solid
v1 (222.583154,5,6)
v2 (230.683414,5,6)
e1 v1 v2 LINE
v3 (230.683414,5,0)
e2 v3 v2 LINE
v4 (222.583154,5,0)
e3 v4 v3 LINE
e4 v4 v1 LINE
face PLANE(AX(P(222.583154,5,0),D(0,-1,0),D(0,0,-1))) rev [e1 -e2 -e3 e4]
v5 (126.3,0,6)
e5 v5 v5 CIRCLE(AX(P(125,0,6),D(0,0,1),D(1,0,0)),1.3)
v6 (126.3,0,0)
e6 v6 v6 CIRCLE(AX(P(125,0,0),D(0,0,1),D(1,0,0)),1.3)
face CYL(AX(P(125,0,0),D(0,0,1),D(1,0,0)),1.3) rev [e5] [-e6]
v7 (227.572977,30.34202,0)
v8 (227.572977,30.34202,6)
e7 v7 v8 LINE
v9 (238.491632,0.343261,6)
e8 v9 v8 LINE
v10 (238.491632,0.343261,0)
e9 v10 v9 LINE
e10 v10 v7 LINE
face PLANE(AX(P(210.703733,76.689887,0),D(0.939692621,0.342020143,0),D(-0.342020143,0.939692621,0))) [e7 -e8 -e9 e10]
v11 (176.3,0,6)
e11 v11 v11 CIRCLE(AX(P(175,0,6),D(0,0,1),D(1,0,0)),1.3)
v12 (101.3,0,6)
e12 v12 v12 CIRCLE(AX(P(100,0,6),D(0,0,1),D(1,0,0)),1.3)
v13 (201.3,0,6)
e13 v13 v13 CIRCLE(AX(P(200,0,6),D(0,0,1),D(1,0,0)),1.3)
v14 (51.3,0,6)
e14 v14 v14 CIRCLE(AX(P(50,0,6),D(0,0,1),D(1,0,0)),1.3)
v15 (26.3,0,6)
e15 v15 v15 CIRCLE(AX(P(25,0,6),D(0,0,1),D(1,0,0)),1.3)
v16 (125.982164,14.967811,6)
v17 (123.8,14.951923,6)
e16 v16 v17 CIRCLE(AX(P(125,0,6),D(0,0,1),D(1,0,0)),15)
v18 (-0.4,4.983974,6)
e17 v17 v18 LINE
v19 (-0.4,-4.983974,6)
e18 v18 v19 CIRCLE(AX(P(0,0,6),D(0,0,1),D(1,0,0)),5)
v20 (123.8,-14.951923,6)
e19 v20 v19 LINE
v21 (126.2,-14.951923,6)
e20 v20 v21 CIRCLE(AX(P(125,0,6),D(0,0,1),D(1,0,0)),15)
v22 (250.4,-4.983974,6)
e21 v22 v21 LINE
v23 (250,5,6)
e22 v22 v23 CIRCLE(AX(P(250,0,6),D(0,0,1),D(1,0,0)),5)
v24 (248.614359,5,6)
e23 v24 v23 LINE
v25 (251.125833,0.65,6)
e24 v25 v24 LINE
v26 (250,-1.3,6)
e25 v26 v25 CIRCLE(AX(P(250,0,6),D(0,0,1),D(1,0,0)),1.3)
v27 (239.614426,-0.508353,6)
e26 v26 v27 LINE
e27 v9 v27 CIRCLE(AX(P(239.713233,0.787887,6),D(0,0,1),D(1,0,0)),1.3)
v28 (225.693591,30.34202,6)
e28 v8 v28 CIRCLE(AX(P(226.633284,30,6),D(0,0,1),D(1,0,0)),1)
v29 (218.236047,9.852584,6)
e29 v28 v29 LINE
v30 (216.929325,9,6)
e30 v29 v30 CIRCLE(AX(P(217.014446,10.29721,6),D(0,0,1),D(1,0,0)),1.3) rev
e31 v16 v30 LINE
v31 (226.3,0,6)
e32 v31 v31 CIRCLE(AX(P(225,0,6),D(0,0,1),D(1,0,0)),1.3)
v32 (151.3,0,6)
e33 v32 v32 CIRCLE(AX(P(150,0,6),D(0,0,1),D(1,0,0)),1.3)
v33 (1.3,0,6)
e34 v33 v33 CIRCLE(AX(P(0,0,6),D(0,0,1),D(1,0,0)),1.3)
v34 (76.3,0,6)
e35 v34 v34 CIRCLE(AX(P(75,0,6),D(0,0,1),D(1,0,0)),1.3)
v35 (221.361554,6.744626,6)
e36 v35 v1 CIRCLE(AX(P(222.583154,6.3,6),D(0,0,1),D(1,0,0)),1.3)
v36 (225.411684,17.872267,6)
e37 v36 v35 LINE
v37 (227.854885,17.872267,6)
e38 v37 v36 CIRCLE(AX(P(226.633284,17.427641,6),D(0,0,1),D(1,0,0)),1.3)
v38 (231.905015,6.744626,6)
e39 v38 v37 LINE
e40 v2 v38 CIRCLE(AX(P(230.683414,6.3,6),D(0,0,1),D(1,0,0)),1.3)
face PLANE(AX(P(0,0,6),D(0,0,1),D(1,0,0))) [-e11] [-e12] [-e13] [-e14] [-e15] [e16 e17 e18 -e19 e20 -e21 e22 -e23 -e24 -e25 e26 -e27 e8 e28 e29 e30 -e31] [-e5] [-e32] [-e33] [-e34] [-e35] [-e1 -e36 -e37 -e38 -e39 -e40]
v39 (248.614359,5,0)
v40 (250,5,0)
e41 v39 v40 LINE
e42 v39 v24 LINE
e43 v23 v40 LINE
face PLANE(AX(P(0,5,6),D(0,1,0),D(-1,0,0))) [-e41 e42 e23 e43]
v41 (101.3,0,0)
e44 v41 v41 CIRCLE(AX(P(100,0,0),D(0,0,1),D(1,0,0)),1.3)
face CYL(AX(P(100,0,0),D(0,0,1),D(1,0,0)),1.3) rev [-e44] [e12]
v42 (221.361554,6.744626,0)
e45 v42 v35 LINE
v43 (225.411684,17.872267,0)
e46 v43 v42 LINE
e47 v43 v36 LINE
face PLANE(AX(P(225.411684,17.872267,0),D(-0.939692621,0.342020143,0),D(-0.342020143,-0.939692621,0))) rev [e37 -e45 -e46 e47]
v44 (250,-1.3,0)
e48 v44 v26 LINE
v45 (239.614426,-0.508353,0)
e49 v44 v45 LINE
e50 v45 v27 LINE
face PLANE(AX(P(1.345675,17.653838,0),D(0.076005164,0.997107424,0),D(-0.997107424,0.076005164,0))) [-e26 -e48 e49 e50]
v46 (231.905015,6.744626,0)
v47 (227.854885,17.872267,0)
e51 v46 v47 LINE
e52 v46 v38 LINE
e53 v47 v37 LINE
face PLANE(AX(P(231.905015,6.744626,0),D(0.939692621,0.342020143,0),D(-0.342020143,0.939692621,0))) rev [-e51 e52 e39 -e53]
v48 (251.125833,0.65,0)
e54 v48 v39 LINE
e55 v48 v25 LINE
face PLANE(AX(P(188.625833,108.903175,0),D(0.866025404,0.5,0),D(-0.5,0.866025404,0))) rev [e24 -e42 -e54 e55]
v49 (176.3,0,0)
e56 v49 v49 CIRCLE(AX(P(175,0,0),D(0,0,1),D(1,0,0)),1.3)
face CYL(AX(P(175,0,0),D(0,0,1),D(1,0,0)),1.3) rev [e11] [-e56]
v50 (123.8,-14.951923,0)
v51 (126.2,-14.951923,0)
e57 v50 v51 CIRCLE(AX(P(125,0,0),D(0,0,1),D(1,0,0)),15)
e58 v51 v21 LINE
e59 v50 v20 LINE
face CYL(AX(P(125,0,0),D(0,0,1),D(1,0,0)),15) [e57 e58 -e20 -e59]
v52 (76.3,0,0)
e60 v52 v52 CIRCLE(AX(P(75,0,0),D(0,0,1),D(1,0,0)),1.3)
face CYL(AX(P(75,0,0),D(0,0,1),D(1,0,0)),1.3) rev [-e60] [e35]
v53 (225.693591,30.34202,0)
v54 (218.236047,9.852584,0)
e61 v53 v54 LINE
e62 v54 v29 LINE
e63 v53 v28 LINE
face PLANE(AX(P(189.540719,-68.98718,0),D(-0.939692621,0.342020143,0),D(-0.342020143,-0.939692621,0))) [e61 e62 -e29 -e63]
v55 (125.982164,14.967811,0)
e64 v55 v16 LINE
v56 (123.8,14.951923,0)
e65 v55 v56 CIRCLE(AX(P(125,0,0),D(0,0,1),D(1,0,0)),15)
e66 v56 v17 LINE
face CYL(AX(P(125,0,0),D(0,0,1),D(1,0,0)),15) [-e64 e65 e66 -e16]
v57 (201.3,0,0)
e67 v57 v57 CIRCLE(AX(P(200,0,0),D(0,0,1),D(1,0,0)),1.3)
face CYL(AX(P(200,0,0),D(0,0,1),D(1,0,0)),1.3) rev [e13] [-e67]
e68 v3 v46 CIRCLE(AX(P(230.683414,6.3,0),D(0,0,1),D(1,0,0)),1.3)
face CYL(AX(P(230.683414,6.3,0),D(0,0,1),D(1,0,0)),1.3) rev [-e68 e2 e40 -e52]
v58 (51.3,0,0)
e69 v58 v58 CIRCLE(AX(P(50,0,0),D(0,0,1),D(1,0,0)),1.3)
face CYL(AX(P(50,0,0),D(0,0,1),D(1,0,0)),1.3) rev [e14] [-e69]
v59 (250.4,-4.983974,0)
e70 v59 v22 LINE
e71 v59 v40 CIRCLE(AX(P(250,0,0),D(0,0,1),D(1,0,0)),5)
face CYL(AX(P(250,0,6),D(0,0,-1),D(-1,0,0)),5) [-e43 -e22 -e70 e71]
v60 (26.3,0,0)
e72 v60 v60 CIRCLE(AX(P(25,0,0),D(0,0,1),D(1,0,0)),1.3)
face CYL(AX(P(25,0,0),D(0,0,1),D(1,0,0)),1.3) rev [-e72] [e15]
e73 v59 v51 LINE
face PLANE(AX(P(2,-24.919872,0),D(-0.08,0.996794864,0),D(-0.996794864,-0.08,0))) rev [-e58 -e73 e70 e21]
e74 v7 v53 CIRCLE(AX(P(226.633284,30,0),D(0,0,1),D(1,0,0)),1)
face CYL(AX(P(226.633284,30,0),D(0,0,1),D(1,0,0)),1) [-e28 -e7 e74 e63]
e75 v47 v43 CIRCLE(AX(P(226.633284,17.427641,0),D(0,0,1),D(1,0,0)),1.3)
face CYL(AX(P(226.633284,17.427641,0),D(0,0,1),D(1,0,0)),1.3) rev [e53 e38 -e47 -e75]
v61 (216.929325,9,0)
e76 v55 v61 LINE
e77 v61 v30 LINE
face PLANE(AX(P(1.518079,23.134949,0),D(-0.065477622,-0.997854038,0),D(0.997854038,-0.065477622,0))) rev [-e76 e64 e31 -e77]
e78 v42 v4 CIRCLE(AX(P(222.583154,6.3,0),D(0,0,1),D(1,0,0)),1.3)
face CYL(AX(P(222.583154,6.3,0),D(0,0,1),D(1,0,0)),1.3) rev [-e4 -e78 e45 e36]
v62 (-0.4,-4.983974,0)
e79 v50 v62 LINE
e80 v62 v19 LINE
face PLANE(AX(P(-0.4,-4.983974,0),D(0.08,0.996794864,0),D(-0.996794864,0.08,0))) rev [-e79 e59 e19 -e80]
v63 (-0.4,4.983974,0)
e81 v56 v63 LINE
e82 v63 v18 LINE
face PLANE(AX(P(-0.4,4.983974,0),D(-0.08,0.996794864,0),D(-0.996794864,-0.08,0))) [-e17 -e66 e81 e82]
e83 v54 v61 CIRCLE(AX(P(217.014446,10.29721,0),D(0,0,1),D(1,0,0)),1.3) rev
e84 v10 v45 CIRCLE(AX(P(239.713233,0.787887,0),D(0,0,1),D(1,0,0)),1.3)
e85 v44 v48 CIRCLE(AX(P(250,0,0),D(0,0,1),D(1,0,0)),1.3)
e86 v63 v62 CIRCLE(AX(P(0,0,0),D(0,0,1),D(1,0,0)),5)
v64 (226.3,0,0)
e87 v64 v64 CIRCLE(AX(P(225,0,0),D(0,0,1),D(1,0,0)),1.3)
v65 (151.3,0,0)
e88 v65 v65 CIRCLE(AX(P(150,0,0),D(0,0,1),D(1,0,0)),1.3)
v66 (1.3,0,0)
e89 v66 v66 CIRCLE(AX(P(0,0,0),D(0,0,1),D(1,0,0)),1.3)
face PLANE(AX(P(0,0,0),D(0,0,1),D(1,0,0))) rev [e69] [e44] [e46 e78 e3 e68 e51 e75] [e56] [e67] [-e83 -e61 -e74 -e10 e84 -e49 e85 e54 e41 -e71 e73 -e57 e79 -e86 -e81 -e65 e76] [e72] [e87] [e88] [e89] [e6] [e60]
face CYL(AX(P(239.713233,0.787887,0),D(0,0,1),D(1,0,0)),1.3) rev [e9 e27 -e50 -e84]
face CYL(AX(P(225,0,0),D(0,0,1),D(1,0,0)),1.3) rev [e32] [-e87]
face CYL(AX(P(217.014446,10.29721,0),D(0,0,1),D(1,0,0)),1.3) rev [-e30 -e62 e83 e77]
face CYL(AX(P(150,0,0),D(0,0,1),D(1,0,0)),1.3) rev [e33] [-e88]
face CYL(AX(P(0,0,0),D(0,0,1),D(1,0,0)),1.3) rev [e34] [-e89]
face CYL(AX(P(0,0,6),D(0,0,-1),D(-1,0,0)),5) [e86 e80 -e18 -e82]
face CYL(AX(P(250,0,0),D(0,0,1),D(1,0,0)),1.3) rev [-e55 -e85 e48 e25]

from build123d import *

# Parameters (mm, degrees)
SKETCH1_R           = 5
BOSS_EXTRUDE1_DEPTH = 6
SKETCH2_R           = 1.3
CUT_EXTRUDE1_DEPTH  = 256.119579805
LPATTERN1_COUNT     = 10
LPATTERN1_PITCH     = 25
CUT_EXTRUDE3_DEPTH  = 256.119579805
BOSS_EXTRUDE2_DEPTH = 6
CUT_EXTRUDE4_DEPTH  = 257.947465448
BOSS_EXTRUDE3_DEPTH = 6


with BuildPart() as part:
    # Sketch1 → Boss-Extrude1 (new body)
    with BuildSketch(Plane.XY):
        with BuildLine():
            Line((250, 5), (0, 5))
            ThreePointArc((0, 5), (3.535533906, 3.535533906), (5, 0))
            ThreePointArc((5, 0), (3.535533906, -3.535533906), (0, -5))
            Line((0, -5), (250, -5))
            ThreePointArc((250, -5), (245, 0), (250, 5))
        make_face()
        with Locations((250, 0)):
            Circle(SKETCH1_R)
        Circle(SKETCH1_R)
    extrude(amount=BOSS_EXTRUDE1_DEPTH)

    # Sketch2 → Cut-Extrude1 (cut, through all)
    with BuildSketch(Plane.XY.offset(6)):
        Circle(SKETCH2_R)
        with Locations((250, 0)):
            Circle(SKETCH2_R)
    cut_extrude1 = extrude(amount=-CUT_EXTRUDE1_DEPTH, mode=Mode.SUBTRACT)

    # LPattern1: Cut-Extrude1 ×10
    with Locations(*[(i * LPATTERN1_PITCH, 0, 0) for i in range(1, LPATTERN1_COUNT)]):
        add(cut_extrude1, mode=Mode.SUBTRACT)

    # Sketch3 → Cut-Extrude3 (cut, through all)
    with BuildSketch(Plane.XY.offset(6)):
        with BuildLine():
            ThreePointArc((250, -1.3), (248.874166975, 0.65), (251.125833025, 0.65))
            Line((251.125833025, 0.65), (248.614359354, 5))
            Line((248.614359354, 5), (236.796717724, 5))
            Line((236.796717724, 5), (238.778399593, -0.444626186))
            ThreePointArc((238.778399593, -0.444626186), (239.254350633, -1.064897658), (240, -1.3))
            Line((240, -1.3), (250, -1.3))
        make_face()
    extrude(amount=-CUT_EXTRUDE3_DEPTH, mode=Mode.SUBTRACT)

    # Sketch3<4> → Boss-Extrude2 (add, through all)
    with BuildSketch(Plane.XY.offset(6)):
        with BuildLine():
            Line((216.469850466, 5), (236.796717724, 5))
            Line((236.796717724, 5), (227.572976716, 30.342020143))
            ThreePointArc((227.572976716, 30.342020143), (226.633284095, 31), (225.693591475, 30.342020143))
            Line((225.693591475, 30.342020143), (216.469850466, 5))
        make_face()
    extrude(amount=-BOSS_EXTRUDE2_DEPTH)

    # Sketch4 → Cut-Extrude4 (cut, through all)
    with BuildSketch(Plane.XY.offset(6)):
        with BuildLine():
            Line((225.411683688, 17.872267266), (221.361553558, 6.744626186))
            ThreePointArc((221.361553558, 6.744626186), (221.518256307, 5.554350633), (222.583153965, 5))
            Line((222.583153965, 5), (230.683414226, 5))
            ThreePointArc((230.683414226, 5), (231.748311883, 5.554350633), (231.905014633, 6.744626186))
            Line((231.905014633, 6.744626186), (227.854884502, 17.872267266))
            ThreePointArc((227.854884502, 17.872267266), (226.633284095, 18.727641079), (225.411683688, 17.872267266))
        make_face()
    extrude(amount=-CUT_EXTRUDE4_DEPTH, mode=Mode.SUBTRACT)

    # Sketch5 → Boss-Extrude3 (add, through all)
    with BuildSketch(Plane.XY.offset(6)):
        with BuildLine():
            ThreePointArc((110.857864376, 5), (115.8563971, 11.890943024), (123.8, 14.951922953))
            Line((123.8, 14.951922953), (-0.4, 4.983974318))
            ThreePointArc((-0.4, 4.983974318), (-0.20016045, 4.995991973), (0, 5))
            Line((0, 5), (110.857864376, 5))
        make_face()
        with BuildLine():
            ThreePointArc((0, -5), (-0.20016045, -4.995991973), (-0.4, -4.983974318))
            Line((-0.4, -4.983974318), (123.8, -14.951922953))
            ThreePointArc((123.8, -14.951922953), (115.8563971, -11.890943024), (110.857864376, -5))
            Line((110.857864376, -5), (0, -5))
        make_face()
        with BuildLine():
            ThreePointArc((125.982164337, 14.967810568), (124.890792866, 14.999602455), (123.8, 14.951922953))
            ThreePointArc((123.8, 14.951922953), (115.8563971, 11.890943024), (110.857864376, 5))
            Line((110.857864376, 5), (139.142135624, 5))
            ThreePointArc((139.142135624, 5), (134.056788847, 11.957197656), (125.982164337, 14.967810568))
        make_face()
        with BuildLine():
            Line((139.142135624, -5), (110.857864376, -5))
            ThreePointArc((110.857864376, -5), (115.8563971, -11.890943024), (123.8, -14.951922953))
            ThreePointArc((123.8, -14.951922953), (125, -15), (126.2, -14.951922953))
            ThreePointArc((126.2, -14.951922953), (134.1436029, -11.890943024), (139.142135624, -5))
        make_face()
        with BuildLine():
            Line((250, -5), (139.142135624, -5))
            ThreePointArc((139.142135624, -5), (134.1436029, -11.890943024), (126.2, -14.951922953))
            Line((126.2, -14.951922953), (250.4, -4.983974318))
            ThreePointArc((250.4, -4.983974318), (250.20016045, -4.995991973), (250, -5))
        make_face()
        with BuildLine():
            Line((216.929325308, 9), (125.982164337, 14.967810568))
            ThreePointArc((125.982164337, 14.967810568), (134.056788847, 11.957197656), (139.142135624, 5))
            Line((139.142135624, 5), (216.469850466, 5))
            Line((216.469850466, 5), (218.236046624, 9.852584063))
            ThreePointArc((218.236046624, 9.852584063), (217.724813241, 9.208459271), (216.929325308, 9))
        make_face()
        with BuildLine():
            Line((240, -1.3), (250, -1.3))
            Line((250, -1.3), (239.61442594, -0.50835284))
            ThreePointArc((239.61442594, -0.50835284), (238.927624535, -0.247883379), (238.491632246, 0.343260625))
            Line((238.491632246, 0.343260625), (238.778399593, -0.444626186))
            ThreePointArc((238.778399593, -0.444626186), (239.254350633, -1.064897658), (240, -1.3))
        make_face()
    extrude(amount=-BOSS_EXTRUDE3_DEPTH)


solid = part.part
